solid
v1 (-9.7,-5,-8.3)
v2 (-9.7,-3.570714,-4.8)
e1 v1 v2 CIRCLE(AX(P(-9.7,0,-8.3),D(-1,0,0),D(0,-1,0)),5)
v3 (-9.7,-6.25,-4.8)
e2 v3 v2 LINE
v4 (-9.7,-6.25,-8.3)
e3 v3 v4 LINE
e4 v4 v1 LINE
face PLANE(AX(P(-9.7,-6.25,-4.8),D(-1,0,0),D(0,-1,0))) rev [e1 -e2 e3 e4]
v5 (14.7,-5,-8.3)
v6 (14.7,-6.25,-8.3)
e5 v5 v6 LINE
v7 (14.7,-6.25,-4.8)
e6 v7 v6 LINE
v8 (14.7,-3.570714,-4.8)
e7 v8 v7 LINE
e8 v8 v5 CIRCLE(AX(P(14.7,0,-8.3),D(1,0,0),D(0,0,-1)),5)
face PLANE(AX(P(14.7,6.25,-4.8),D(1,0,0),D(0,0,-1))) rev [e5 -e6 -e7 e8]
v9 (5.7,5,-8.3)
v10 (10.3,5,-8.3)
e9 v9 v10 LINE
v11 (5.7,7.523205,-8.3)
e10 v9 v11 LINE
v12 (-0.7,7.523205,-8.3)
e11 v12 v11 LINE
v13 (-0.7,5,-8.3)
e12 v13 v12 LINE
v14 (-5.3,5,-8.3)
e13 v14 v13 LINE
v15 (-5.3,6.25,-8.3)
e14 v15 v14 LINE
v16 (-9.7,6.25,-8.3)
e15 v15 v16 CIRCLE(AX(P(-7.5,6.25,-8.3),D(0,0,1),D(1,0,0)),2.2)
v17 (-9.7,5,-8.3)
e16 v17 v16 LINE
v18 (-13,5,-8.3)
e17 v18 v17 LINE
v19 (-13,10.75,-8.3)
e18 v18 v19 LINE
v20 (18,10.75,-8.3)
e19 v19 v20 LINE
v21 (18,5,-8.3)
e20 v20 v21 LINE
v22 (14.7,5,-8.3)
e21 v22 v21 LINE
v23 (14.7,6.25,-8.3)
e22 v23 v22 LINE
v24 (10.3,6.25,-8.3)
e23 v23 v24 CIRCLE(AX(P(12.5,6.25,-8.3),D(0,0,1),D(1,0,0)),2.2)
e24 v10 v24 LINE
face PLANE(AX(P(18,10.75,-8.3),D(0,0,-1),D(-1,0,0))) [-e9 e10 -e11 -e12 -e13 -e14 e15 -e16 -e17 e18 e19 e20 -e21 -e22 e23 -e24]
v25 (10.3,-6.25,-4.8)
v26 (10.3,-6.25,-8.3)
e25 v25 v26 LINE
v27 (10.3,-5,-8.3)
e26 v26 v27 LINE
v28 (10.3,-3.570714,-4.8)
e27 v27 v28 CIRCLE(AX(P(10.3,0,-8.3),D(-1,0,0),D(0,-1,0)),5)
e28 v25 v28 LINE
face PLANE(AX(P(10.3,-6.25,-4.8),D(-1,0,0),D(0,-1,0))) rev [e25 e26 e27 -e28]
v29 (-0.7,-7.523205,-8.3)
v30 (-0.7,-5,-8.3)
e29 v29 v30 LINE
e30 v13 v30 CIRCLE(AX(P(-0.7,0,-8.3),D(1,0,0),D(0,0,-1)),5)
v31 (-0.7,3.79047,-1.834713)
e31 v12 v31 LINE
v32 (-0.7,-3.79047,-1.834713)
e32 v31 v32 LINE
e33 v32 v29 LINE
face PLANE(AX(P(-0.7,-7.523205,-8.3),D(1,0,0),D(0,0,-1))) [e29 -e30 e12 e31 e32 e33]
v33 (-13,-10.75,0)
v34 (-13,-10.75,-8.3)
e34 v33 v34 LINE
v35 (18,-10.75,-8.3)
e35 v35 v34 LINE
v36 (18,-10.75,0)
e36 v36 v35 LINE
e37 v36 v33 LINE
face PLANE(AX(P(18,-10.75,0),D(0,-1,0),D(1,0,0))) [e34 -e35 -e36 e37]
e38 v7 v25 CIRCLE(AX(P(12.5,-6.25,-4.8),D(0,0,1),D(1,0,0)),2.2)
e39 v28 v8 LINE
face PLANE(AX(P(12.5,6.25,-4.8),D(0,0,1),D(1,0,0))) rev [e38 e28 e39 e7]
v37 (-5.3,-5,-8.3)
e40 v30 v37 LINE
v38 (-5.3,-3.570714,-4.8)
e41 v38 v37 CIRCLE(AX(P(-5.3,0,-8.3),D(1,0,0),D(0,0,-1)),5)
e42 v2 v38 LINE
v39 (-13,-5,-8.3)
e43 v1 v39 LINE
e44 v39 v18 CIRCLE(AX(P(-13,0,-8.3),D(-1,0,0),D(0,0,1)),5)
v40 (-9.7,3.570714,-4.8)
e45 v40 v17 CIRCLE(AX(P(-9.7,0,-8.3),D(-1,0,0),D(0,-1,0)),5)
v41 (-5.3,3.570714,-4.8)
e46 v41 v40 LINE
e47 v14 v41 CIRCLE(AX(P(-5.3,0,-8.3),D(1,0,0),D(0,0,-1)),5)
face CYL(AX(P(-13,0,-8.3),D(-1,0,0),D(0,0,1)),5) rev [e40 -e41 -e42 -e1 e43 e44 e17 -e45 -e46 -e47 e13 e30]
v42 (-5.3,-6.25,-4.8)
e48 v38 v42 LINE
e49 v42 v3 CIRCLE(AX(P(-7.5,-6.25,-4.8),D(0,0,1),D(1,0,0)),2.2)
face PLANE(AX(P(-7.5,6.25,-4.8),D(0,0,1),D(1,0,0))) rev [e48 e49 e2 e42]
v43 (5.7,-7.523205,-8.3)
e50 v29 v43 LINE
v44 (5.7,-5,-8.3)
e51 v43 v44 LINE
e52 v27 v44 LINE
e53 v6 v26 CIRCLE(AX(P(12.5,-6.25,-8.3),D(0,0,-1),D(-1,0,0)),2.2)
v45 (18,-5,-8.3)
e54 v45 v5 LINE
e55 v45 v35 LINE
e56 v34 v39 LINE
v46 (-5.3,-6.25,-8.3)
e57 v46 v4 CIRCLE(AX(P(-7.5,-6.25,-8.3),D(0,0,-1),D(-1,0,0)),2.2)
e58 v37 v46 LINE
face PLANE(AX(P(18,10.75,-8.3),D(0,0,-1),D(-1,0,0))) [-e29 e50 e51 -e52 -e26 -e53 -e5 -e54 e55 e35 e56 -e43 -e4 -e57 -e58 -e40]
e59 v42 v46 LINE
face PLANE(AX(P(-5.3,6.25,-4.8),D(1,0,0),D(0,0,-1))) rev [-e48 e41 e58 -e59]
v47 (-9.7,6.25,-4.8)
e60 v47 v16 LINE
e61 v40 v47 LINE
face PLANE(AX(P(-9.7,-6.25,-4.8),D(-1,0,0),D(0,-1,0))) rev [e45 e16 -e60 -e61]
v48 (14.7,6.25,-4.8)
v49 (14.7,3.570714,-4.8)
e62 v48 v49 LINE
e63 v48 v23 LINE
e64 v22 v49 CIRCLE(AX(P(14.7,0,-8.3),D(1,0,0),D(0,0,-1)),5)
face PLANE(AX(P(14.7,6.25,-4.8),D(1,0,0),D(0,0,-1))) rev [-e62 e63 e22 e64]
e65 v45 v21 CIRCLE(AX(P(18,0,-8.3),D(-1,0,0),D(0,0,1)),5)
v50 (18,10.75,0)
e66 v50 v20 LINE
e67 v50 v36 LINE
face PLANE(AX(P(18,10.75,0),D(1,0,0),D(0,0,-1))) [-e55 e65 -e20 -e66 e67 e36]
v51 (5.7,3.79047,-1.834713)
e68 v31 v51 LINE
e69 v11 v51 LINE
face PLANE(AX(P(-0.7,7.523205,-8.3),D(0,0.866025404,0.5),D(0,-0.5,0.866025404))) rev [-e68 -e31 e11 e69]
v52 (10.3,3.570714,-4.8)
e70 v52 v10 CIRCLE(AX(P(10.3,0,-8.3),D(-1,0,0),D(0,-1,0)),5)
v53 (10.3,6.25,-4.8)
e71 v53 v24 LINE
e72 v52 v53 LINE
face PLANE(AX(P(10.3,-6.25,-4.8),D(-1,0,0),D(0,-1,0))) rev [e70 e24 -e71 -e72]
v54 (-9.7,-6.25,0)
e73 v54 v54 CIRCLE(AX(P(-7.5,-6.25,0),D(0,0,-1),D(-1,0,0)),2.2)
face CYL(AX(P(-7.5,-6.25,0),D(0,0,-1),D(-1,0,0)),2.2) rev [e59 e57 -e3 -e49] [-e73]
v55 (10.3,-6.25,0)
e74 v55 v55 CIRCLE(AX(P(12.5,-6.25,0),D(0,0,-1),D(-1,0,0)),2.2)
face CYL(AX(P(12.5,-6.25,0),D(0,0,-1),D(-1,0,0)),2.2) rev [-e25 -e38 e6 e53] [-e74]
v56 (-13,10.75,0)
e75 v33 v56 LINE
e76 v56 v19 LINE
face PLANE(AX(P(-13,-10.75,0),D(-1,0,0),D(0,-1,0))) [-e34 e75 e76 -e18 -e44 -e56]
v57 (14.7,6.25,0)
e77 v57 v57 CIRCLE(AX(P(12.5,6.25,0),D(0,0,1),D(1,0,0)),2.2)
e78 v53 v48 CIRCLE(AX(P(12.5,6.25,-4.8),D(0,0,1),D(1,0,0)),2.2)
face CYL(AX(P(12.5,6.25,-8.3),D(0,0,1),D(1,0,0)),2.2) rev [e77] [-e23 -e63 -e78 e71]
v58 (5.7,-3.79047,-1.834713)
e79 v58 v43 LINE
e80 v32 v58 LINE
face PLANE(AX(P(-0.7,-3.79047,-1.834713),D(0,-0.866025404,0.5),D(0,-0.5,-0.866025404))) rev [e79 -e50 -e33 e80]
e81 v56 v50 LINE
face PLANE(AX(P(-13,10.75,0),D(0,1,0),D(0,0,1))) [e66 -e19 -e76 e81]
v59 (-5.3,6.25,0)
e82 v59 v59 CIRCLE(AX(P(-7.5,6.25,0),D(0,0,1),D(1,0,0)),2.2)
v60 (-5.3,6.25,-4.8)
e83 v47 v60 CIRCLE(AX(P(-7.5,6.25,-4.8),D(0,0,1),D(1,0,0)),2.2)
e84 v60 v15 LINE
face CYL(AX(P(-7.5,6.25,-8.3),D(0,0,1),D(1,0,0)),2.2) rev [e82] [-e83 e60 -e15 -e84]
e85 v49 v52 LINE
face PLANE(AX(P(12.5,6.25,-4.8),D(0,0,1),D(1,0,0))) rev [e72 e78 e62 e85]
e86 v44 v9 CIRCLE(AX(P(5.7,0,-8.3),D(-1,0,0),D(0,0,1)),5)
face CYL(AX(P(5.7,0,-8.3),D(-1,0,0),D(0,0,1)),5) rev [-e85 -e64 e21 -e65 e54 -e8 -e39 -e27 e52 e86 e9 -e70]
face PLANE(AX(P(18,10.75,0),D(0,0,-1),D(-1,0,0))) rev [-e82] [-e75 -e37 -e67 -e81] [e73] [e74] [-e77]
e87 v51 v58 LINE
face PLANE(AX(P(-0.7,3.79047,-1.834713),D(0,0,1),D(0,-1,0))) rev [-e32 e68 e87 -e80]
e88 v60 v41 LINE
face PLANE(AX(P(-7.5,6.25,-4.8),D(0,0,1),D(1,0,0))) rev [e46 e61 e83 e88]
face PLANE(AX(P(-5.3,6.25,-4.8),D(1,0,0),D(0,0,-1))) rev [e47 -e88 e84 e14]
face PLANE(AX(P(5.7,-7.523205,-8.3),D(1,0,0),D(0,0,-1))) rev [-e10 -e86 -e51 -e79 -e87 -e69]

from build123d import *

# Parameters (mm, degrees)
SKETCH1_W           = 31
SKETCH1_H           = 21.5
BOSS_EXTRUDE1_DEPTH = 8.3
CUT_EXTRUDE1_DEPTH  = 6.4
CUT_EXTRUDE2_DEPTH  = 3.5
CUT_EXTRUDE3_DEPTH  = 3.5
SKETCH5_W           = 2.2
SKETCH5_H           = 8.3
SKETCH6_W           = 2.2
SKETCH6_H           = 8.3
SKETCH7_W           = 2.2
SKETCH7_H           = 8.3
SKETCH8_W           = 2.2
SKETCH8_H           = 8.3
SKETCH9_W           = 5
SKETCH9_H           = 12.3
HOLE2_D             = 10
HOLE2_DEPTH         = 31


with BuildPart() as part:
    # Sketch1 → Boss-Extrude1 (new body)
    with BuildSketch(Plane(origin=(0, 0, -8.3), x_dir=(-1, 0, 0), z_dir=(0, 0, -1))):
        with Locations((-2.5, 0)):
            Rectangle(SKETCH1_W, SKETCH1_H)
    extrude(amount=-BOSS_EXTRUDE1_DEPTH)

    # Sketch2 → Cut-Extrude1 (cut)
    with BuildSketch(Plane(origin=(5.7, 0, 0), x_dir=(0, 0, -1), z_dir=(1, 0, 0))):
        Polygon((8.3, -7.523205081), (8.3, 7.523205081), (1.834713282, 3.790470054), (1.834713282, -3.790470054), align=None)
    extrude(amount=-CUT_EXTRUDE1_DEPTH, mode=Mode.SUBTRACT)

    # Sketch3 → Cut-Extrude2 (cut)
    with BuildSketch(Plane(origin=(0, 0, -8.3), x_dir=(-1, 0, 0), z_dir=(0, 0, -1))):
        with BuildLine():
            Line((-14.7, 6.25), (-14.7, -6.25))
            ThreePointArc((-14.7, -6.25), (-12.5, -4.05), (-10.3, -6.25))
            Line((-10.3, -6.25), (-10.3, 6.25))
            ThreePointArc((-10.3, 6.25), (-12.5, 4.05), (-14.7, 6.25))
        make_face()
    extrude(amount=-CUT_EXTRUDE2_DEPTH, mode=Mode.SUBTRACT)

    # Sketch4 → Cut-Extrude3 (cut)
    with BuildSketch(Plane(origin=(0, 0, -8.3), x_dir=(-1, 0, 0), z_dir=(0, 0, -1))):
        with BuildLine():
            Line((5.3, 6.25), (5.3, -6.25))
            ThreePointArc((5.3, -6.25), (7.5, -4.05), (9.7, -6.25))
            Line((9.7, -6.25), (9.7, 6.25))
            ThreePointArc((9.7, 6.25), (7.5, 4.05), (5.3, 6.25))
        make_face()
    extrude(amount=-CUT_EXTRUDE3_DEPTH, mode=Mode.SUBTRACT)

    # Sketch5 → Cut-Revolve1 (revolve, cut)
    with BuildSketch(Plane(origin=(0, 6.25, 0), x_dir=(-1, 0, 0), z_dir=(0, 1, 0))):
        with Locations((6.4, -4.15)):
            Rectangle(SKETCH5_W, SKETCH5_H)
    revolve(axis=Axis((-7.5, 6.25, -8.3), (0, 0, 1)), mode=Mode.SUBTRACT)

    # Sketch6 → Cut-Revolve2 (revolve, cut)
    with BuildSketch(Plane(origin=(0, 6.25, 0), x_dir=(-1, 0, 0), z_dir=(0, 1, 0))):
        with Locations((-13.6, -4.15)):
            Rectangle(SKETCH6_W, SKETCH6_H)
    revolve(axis=Axis((12.5, 6.25, -8.3), (0, 0, 1)), mode=Mode.SUBTRACT)

    # Sketch7 → Cut-Revolve3 (revolve, cut)
    with BuildSketch(Plane.XZ.offset(6.25), mode=Mode.PRIVATE) as cut_revolve3_sk:
        with Locations((13.6, -4.15)):
            Rectangle(SKETCH7_W, SKETCH7_H)
    revolve(cut_revolve3_sk.sketch.rotate(Axis((12.5, -6.25, 0), (0, 0, -1)), 180), axis=Axis((12.5, -6.25, 0), (0, 0, -1)), mode=Mode.SUBTRACT)

    # Sketch8 → Cut-Revolve4 (revolve, cut)
    with BuildSketch(Plane.XZ.offset(6.25), mode=Mode.PRIVATE) as cut_revolve4_sk:
        with Locations((-6.4, -4.15)):
            Rectangle(SKETCH8_W, SKETCH8_H)
    revolve(cut_revolve4_sk.sketch.rotate(Axis((-7.5, -6.25, 0), (0, 0, -1)), 180), axis=Axis((-7.5, -6.25, 0), (0, 0, -1)), mode=Mode.SUBTRACT)

    # Sketch9 → Hole1 (revolve, cut)
    with BuildSketch(Plane(origin=(5.7, 0, -8.3), x_dir=(0, 0, 1), z_dir=(0, 1, 0))):
        with Locations((2.5, 6.15)):
            Rectangle(SKETCH9_W, SKETCH9_H)
    revolve(axis=Axis((115.7, 0, -8.3), (-1, 0, 0)), mode=Mode.SUBTRACT)

    # Hole2
    with Locations(Plane.ZY.offset(13)):
        with Locations((-8.3, 0)):
            Hole(HOLE2_D / 2, depth=HOLE2_DEPTH)


solid = part.part
